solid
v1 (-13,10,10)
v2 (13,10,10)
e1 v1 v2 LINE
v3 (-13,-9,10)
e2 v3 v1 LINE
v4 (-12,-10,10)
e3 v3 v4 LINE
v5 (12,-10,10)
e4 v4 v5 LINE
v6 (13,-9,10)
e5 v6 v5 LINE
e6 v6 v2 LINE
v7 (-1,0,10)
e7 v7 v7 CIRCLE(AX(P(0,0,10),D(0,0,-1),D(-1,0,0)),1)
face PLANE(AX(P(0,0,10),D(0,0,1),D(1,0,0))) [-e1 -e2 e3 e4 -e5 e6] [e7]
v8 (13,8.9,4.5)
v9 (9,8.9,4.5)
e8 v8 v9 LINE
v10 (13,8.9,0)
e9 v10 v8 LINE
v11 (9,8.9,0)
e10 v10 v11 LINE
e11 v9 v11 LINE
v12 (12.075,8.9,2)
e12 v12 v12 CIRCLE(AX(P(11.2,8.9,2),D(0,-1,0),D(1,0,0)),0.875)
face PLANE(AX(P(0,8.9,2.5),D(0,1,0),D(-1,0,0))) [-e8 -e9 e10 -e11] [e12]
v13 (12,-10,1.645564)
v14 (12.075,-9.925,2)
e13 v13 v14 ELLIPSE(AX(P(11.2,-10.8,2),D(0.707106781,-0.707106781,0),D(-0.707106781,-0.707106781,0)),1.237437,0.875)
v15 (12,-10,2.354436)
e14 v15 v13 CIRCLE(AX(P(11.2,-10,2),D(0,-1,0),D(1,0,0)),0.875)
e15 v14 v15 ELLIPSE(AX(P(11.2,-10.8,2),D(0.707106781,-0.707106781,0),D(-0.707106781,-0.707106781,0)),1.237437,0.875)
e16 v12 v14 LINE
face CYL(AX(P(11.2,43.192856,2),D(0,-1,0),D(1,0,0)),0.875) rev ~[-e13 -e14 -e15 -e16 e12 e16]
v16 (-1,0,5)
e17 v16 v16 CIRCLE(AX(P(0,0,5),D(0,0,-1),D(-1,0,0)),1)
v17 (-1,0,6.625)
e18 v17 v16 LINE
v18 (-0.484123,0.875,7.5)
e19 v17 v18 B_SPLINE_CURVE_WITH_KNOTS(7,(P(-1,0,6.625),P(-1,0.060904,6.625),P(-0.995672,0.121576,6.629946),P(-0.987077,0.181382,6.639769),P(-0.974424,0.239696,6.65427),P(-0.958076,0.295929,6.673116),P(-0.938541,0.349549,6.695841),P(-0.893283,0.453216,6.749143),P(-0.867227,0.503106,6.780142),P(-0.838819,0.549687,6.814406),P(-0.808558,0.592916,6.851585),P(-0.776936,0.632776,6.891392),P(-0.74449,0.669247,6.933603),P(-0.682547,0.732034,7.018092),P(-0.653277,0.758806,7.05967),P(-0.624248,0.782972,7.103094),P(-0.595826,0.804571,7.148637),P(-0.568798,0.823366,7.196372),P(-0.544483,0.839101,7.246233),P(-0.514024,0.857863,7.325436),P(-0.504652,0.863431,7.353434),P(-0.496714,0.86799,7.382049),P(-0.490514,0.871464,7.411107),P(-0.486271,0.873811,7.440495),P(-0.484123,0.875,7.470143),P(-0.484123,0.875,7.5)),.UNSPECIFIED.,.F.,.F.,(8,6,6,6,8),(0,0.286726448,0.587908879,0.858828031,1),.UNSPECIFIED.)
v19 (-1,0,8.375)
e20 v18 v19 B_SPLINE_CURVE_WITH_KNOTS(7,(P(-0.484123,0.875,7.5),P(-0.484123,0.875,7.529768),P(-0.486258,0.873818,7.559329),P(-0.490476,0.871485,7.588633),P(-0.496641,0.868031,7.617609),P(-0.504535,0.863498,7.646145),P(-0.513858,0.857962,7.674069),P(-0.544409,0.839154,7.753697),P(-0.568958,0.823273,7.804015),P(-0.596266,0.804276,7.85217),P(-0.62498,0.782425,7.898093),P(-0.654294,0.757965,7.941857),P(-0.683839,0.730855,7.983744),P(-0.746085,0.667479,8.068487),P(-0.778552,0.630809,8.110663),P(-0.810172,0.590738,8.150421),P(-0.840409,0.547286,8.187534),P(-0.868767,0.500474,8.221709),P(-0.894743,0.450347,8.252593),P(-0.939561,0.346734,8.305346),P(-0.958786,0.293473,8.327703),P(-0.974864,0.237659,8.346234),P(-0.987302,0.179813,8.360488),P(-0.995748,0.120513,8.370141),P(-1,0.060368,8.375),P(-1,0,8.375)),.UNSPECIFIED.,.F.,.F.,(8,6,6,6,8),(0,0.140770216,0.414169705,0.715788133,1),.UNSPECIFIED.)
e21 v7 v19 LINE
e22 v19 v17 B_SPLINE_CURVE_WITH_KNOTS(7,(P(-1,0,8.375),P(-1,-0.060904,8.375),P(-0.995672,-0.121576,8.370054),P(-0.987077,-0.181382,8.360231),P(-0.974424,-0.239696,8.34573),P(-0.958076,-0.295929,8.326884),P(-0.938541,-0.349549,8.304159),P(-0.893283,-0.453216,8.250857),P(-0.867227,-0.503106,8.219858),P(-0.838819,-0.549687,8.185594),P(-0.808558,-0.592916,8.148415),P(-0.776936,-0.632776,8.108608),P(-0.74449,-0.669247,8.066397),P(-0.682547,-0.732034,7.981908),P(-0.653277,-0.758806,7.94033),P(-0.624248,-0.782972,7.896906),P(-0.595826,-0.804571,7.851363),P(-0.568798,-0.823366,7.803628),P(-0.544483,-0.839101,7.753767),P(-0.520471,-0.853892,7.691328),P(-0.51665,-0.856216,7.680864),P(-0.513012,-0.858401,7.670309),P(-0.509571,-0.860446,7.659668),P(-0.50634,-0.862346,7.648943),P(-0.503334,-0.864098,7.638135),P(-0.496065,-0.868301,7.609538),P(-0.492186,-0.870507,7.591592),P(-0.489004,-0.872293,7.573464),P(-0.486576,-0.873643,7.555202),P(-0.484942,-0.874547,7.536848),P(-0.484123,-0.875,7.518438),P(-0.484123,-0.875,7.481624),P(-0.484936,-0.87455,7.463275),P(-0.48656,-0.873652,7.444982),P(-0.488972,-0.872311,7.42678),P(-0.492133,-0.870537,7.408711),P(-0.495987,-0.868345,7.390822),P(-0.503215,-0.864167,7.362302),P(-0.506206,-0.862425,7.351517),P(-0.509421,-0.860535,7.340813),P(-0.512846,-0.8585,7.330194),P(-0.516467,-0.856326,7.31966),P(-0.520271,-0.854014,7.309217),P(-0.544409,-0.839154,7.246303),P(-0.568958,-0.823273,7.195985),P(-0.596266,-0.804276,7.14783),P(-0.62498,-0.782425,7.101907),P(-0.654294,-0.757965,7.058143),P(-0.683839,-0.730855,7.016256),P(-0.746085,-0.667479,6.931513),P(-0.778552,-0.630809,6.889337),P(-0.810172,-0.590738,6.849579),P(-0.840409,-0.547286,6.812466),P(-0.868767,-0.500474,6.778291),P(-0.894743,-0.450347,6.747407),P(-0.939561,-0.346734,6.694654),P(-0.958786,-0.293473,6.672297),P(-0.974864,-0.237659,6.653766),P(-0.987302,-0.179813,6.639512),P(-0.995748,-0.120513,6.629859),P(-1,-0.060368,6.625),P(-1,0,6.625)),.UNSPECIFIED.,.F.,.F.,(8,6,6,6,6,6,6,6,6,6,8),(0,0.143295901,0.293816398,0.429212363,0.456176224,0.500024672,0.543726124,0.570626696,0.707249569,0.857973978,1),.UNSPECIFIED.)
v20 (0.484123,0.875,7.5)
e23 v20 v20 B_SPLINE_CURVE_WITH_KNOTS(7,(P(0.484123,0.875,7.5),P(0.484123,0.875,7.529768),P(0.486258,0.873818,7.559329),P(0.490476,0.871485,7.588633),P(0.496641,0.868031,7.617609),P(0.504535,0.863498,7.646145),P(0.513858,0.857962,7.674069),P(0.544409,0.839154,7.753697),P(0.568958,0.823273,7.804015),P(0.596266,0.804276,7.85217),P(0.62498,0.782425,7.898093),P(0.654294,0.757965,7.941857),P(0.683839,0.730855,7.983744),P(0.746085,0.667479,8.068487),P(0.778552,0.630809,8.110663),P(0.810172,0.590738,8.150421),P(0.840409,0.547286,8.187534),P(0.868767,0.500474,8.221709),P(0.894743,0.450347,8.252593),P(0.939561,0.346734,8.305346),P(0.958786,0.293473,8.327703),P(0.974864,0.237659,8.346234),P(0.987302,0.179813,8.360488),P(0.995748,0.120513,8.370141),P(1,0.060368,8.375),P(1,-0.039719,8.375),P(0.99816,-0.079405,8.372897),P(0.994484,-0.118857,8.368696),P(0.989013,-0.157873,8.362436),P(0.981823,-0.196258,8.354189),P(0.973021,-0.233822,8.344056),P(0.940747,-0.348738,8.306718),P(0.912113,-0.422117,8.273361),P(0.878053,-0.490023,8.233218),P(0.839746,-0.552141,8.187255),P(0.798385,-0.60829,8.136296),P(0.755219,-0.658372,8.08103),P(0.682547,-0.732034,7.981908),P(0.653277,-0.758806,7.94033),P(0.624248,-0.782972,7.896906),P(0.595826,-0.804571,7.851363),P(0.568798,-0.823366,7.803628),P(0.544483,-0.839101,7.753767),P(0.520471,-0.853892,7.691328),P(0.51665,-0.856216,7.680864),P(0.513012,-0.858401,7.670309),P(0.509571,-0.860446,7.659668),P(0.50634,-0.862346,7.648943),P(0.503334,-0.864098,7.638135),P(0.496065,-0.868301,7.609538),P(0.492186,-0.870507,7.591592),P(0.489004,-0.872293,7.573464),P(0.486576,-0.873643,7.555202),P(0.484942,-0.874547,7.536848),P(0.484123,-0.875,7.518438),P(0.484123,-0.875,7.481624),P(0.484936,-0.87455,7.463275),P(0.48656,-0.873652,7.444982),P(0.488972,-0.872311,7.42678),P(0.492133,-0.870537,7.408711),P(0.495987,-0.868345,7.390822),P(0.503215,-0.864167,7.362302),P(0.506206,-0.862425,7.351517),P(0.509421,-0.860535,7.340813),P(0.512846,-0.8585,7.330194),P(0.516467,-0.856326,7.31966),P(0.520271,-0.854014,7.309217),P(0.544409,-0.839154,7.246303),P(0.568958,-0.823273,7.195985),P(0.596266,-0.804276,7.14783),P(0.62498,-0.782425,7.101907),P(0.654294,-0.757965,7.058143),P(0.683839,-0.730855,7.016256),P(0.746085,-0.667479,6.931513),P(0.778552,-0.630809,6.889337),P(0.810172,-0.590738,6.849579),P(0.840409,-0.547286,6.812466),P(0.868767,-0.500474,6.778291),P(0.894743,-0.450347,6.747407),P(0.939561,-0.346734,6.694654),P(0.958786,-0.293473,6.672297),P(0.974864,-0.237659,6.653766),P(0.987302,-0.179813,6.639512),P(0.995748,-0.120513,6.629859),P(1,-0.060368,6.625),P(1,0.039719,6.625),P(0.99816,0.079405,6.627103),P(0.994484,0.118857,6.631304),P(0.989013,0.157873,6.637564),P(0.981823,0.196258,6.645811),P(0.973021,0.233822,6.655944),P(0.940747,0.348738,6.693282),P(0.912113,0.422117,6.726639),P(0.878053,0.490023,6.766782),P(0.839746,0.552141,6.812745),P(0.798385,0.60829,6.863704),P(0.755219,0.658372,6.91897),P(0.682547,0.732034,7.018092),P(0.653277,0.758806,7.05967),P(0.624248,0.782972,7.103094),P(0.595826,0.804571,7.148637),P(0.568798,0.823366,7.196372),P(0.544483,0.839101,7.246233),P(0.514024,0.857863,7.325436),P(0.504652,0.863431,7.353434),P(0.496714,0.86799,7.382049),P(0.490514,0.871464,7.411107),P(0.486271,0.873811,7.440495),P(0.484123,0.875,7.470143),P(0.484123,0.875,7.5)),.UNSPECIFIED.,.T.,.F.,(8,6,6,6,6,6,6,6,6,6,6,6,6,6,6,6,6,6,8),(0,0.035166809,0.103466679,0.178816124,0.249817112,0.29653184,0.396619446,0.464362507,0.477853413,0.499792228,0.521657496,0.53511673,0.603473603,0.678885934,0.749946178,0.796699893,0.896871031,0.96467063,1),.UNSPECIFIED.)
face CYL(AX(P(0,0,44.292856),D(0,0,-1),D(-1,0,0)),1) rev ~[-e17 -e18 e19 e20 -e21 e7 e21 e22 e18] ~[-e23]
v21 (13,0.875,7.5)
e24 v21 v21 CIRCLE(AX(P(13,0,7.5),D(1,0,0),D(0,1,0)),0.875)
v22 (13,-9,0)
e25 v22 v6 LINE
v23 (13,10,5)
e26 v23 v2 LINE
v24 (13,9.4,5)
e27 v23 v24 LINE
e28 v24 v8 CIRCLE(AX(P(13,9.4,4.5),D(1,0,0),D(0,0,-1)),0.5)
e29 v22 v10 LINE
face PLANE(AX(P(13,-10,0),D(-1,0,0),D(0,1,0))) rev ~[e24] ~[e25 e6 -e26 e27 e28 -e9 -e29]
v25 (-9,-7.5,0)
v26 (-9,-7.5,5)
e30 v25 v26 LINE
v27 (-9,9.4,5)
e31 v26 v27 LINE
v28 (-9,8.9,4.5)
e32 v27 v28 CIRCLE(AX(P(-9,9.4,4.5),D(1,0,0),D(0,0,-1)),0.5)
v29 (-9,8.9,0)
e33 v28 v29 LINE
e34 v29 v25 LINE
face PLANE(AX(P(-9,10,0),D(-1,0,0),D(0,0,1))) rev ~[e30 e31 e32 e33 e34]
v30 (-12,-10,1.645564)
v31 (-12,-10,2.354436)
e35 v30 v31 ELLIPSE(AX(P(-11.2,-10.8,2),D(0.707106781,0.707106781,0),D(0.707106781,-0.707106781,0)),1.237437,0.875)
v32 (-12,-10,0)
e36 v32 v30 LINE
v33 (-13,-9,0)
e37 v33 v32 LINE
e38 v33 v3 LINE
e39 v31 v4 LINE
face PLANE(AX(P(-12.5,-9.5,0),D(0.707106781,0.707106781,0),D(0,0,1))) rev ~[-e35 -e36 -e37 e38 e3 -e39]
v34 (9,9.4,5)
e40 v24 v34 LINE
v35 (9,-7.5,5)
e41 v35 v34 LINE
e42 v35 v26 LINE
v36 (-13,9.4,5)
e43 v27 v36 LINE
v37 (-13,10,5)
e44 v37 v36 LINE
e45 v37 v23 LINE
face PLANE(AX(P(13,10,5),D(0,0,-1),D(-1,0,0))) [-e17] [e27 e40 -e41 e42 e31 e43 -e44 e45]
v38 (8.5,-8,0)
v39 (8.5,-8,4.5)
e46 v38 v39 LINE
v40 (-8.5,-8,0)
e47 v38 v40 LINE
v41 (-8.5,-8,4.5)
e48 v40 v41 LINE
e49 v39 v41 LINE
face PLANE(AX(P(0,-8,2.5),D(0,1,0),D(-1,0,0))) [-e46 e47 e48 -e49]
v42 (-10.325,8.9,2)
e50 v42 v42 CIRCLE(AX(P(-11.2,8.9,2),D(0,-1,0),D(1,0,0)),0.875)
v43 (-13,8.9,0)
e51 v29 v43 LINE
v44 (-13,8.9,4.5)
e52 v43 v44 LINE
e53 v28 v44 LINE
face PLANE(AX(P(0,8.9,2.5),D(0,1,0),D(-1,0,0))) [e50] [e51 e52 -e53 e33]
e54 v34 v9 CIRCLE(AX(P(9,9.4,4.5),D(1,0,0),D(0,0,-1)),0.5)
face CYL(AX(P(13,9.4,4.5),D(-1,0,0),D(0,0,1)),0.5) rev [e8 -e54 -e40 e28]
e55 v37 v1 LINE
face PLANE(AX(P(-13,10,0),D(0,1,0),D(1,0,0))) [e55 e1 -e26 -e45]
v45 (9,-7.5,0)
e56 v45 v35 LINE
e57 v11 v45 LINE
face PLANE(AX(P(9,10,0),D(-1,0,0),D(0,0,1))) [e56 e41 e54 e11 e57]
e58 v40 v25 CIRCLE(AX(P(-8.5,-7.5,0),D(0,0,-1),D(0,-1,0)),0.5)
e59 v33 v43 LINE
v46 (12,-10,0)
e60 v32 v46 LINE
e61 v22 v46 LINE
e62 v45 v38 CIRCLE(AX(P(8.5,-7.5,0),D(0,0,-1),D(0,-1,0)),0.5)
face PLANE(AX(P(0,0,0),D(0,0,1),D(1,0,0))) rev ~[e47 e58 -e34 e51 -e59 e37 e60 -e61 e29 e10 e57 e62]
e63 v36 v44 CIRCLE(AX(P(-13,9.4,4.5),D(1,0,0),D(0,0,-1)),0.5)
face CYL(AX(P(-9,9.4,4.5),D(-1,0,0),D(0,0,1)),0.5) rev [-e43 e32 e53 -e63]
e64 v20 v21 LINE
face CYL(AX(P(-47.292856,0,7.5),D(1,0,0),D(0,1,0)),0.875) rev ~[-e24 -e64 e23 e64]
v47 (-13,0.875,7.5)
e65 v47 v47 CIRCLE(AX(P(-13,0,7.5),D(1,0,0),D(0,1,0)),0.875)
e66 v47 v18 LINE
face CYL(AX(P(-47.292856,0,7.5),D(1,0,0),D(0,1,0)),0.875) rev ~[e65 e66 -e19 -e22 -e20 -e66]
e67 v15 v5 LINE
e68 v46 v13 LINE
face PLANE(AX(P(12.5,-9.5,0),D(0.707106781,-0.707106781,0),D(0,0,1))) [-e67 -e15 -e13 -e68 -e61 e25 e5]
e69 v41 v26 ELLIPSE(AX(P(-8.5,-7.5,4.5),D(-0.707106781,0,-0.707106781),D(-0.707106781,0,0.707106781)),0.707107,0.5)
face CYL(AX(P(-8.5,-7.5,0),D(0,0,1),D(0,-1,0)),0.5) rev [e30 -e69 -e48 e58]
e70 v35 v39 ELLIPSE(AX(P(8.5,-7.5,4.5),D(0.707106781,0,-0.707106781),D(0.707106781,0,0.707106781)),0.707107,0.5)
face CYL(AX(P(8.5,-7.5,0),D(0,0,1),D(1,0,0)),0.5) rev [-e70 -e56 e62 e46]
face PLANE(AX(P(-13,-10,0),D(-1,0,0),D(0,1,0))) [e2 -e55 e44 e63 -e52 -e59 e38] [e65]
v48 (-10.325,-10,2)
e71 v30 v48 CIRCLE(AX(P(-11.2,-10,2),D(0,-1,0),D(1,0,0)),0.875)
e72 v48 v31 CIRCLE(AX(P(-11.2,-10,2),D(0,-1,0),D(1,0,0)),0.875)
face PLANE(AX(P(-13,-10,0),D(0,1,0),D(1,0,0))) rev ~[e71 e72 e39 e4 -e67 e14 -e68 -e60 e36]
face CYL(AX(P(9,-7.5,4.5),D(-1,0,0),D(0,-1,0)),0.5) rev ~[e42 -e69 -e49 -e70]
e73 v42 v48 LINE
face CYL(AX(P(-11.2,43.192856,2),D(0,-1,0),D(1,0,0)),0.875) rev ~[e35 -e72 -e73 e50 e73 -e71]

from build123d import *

# Parameters (mm, degrees)
F0_W     = 26
F0_H     = 20
F1_DEPTH = 10
F2_W     = 18
F2_H     = 5
F3_DEPTH = 18
F4_W     = 26
F4_H     = 5
F5_DEPTH = 1.1
F6_R     = 0.5
F7_R     = 0.5
F8_SIZE  = 1
F10_D    = 1.75
F12_D    = 1.75
F14_D    = 2


with BuildPart() as f1:
    # F0 (on Top) → F1 (new body)
    with BuildSketch(Plane.XY):
        Rectangle(F0_W, F0_H)
    extrude(amount=F1_DEPTH)

    # F2 (on face) → F3 (cut)
    with BuildSketch(Plane(origin=(0, 10, 0), x_dir=(-1, 0, 0), z_dir=(0, 1, 0))):
        with Locations((0, 2.5)):
            Rectangle(F2_W, F2_H)
    extrude(amount=-F3_DEPTH, mode=Mode.SUBTRACT)

    # F4 (on face) → F5 (cut)
    with BuildSketch(Plane(origin=(0, 10, 0), x_dir=(-1, 0, 0), z_dir=(0, 1, 0))):
        with Locations((0, 2.5)):
            Rectangle(F4_W, F4_H)
    extrude(amount=-F5_DEPTH, mode=Mode.SUBTRACT)

    # F6
    f6_edges = [f1.edges().sort_by_distance(p)[0] for p in [
        (9, -8, 2.5),
        (-9, -8, 2.5),
        (0, -8, 5),
    ]]
    fillet(f6_edges, radius=F6_R)

    # F7
    f7_edges = [f1.edges().sort_by_distance(p)[0] for p in [
        (-11, 8.9, 5),
        (11, 8.9, 5),
    ]]
    fillet(f7_edges, radius=F7_R)

    # F8
    f8_edges = [f1.edges().sort_by_distance(p)[0] for p in [
        (13, -10, 5),
        (-13, -10, 5),
    ]]
    chamfer(f8_edges, length=F8_SIZE)

    # F10 (through all)
    with Locations(Plane(origin=(0, 8.9, 0), x_dir=(-1, 0, 0), z_dir=(0, 1, 0))):
        with Locations((-11.2, 2), (11.2, 2)):
            Hole(F10_D / 2)

    # F12 (through all)
    with Locations(Plane(origin=(-13, 0, 0), x_dir=(0, -1, 0), z_dir=(-1, 0, 0))):
        with Locations((0, 7.5)):
            Hole(F12_D / 2)

    # F14 (through all)
    with Locations(Plane.XY.offset(10)):
        with Locations((0, 0)):
            Hole(F14_D / 2)


solid = f1.part
